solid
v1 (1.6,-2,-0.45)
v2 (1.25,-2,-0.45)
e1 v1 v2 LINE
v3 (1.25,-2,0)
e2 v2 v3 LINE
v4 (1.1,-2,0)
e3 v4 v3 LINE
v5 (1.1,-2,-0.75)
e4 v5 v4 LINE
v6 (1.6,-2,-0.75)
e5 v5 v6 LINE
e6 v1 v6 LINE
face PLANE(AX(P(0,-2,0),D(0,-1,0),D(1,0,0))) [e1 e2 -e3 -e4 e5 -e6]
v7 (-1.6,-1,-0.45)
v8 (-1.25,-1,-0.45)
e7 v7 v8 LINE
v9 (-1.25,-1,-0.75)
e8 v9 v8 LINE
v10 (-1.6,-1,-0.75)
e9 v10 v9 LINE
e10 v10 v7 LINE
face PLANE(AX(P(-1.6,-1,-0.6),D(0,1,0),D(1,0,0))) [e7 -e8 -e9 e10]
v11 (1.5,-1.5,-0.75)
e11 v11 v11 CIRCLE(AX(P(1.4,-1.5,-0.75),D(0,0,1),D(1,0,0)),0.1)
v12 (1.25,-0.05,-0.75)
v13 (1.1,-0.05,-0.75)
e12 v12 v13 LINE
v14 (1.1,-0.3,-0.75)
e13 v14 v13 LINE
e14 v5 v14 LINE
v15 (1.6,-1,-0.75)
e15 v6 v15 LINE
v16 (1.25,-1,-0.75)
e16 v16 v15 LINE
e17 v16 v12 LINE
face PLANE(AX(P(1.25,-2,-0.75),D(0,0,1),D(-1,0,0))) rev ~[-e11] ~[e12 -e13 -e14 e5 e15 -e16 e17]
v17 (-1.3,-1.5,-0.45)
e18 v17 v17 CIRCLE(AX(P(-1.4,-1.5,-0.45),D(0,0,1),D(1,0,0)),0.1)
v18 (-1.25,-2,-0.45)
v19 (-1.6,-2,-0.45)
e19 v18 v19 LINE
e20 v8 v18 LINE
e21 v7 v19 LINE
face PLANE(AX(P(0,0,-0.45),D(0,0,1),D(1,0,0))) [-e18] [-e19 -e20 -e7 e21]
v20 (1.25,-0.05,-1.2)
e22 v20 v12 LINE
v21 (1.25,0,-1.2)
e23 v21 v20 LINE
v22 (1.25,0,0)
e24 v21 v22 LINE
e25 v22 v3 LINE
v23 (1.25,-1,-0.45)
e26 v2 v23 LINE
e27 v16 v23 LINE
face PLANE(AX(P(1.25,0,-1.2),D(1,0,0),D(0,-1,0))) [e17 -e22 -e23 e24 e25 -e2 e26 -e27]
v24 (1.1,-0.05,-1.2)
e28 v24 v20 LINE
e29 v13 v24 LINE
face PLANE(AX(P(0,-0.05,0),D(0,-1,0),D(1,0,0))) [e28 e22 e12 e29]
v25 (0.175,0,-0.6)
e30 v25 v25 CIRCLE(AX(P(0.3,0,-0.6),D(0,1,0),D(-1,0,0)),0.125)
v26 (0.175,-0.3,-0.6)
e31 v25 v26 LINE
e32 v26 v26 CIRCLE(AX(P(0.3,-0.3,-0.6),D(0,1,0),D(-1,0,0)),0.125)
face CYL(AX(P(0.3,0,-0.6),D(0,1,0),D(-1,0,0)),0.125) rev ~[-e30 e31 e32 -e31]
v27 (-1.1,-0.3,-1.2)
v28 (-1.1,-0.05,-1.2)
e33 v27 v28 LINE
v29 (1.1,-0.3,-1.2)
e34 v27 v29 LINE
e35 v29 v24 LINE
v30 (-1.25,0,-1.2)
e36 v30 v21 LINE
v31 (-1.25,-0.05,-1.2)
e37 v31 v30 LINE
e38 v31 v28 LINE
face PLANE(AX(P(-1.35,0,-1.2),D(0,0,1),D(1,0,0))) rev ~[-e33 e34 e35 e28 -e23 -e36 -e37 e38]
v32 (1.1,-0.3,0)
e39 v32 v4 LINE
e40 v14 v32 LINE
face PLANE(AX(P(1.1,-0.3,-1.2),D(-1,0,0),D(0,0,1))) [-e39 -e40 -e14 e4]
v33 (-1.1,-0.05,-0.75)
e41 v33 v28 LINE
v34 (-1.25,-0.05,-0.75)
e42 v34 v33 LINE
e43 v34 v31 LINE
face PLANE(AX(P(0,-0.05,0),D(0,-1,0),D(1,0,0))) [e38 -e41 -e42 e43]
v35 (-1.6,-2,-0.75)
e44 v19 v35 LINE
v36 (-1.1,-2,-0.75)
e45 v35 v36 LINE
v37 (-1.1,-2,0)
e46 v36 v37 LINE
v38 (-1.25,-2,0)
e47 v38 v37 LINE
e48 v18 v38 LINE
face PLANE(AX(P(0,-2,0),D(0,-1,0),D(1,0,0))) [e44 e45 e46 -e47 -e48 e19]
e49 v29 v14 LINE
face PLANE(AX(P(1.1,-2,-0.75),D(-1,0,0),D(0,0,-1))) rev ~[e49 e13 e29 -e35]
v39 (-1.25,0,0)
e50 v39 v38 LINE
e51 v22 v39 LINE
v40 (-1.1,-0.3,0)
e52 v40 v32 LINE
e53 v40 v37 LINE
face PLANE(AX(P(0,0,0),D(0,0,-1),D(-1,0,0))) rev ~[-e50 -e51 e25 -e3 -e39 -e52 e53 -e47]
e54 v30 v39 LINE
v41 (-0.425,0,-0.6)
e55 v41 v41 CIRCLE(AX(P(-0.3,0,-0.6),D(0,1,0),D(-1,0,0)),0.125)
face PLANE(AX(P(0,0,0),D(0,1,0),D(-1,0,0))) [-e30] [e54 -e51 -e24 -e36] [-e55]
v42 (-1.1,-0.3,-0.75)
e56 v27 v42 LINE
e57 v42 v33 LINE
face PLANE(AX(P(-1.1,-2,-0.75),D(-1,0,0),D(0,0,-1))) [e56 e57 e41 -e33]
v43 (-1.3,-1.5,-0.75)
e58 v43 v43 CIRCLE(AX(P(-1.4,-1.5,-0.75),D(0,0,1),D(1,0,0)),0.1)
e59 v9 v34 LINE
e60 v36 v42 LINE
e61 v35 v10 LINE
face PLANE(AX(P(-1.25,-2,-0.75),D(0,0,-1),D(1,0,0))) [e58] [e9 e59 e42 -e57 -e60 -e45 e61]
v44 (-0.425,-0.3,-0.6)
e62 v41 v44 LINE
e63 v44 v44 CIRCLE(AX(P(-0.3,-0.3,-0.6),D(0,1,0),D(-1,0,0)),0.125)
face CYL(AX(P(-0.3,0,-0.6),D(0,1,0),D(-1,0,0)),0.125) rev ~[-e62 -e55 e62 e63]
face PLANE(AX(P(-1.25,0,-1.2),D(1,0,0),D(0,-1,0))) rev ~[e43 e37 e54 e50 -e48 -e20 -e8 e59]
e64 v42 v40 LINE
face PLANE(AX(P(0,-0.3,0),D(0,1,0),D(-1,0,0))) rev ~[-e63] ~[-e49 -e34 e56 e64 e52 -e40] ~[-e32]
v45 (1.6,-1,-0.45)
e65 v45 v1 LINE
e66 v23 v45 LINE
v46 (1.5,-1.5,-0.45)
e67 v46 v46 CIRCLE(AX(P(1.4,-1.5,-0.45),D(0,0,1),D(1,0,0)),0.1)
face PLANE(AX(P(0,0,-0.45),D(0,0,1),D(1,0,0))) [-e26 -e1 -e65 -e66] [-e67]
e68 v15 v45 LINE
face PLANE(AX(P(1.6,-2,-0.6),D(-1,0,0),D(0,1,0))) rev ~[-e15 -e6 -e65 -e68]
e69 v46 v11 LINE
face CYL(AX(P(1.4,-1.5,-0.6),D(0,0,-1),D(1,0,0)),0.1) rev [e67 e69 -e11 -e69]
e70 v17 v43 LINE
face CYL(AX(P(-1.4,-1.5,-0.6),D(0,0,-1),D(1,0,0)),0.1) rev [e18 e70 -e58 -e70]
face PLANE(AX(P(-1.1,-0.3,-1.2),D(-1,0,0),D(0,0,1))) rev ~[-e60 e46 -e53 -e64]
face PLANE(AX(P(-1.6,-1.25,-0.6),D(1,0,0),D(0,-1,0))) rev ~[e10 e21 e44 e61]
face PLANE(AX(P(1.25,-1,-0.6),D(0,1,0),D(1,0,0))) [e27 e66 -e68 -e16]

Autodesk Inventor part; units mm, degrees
ref_plane "YZ Plane" through (0, 0, 0) normal (1, 0, 0) x (0, 1, 0)
sketch "Boceto1" plane through (0, 0, 0) normal (0, 1, 0) x (-1, 0, 0)
  line L0 (0, 0) -> (1.35, 0)
  line L1 (1.35, 0) -> (1.35, -1.2)
  line L2 (1.35, -1.2) -> (-1.35, -1.2)
  line L3 (-1.35, -1.2) -> (-1.35, 0)
  line L4 (-1.35, 0) -> (0, 0)
  circle A0 centre (0.3, -0.6) radius 0.125
  circle A1 centre (-0.3, -0.6) radius 0.125
  dimension "d4" = 1.35
  dimension "d5" = 1.2
  dimension "d6" = 2.7
  dimension "d7" = 1.2
extrude "Extrusión1" add sketch "Boceto1" against normal blind 0.3
sketch "Boceto6" plane through (0, -0.3, 0) normal (0, -1, 0) x (1, 0, 0)
  line L0 (1.35, 0) -> (-1.35, 0) projected
  line L1 (-1.35, 0) -> (-1.35, -1.2) projected
  line L2 (-1.35, -1.2) -> (1.35, -1.2) projected
  line L3 (1.35, -1.2) -> (1.35, 0) projected
  line L4 (1.1, -1.2) -> (1.1, 0)
  line L5 (-1.1, -1.2) -> (-1.1, 0)
  line L6 (1.35, 0) -> (-1.35, 0) projected
  line L7 (1.25, 0) -> (1.1, 0)
  line L8 (1.1, 0) -> (1.1, -1.2)
  line L9 (1.1, -1.2) -> (1.25, -1.2)
  line L10 (1.25, -1.2) -> (1.25, 0)
  line L11 (-1.1, -1.2) -> (-1.25, -1.2)
  line L12 (-1.25, -1.2) -> (-1.25, 0)
  line L13 (-1.25, 0) -> (-1.1, 0)
  line L14 (-1.1, 0) -> (-1.1, -1.2)
  line L15 (-1.35, -1.2) -> (1.35, -1.2) projected
  line L16 (-1.25, -1.2) -> (-1.35, -1.2)
  line L17 (-1.35, -1.2) -> (-1.35, 0)
  line L18 (-1.35, 0) -> (-1.25, 0)
  line L19 (-1.25, 0) -> (-1.25, -1.2)
  line L20 (1.35, -1.2) -> (1.25, -1.2)
  line L21 (1.25, -1.2) -> (1.25, 0)
  line L22 (1.25, 0) -> (1.35, 0)
  line L23 (1.35, 0) -> (1.35, -1.2)
  point P0 (0, 0)
extrude "Extrusión5" add sketch "Boceto6" along normal blind 1.7 contours L3 L2 L10 L0 | L10 L2 L4 L0 | L5 L2 L12 L0 | L12 L2 L1 L0
ref_plane "Plano de trabajo3" through (1.35, 0, -2.8) normal (0, 0, -1) x (-1, 0, 0)
sketch "Boceto9" plane through (1.35, 0, -1.2) normal (0, 0, -1) x (-1, 0, 0)
  line L0 (0.1, -2.25) -> (0.1, -1.25) projected
  line L1 (2.6, -1.25) -> (2.6, -2.25) projected
  line L2 (2.7, 0) -> (2.7, -2) projected
  line L3 (0, 0) -> (0, -2) projected
  line L4 (0.1, -2.25) -> (0, -2.25)
  line L5 (0, -2.25) -> (0, 0)
  line L6 (0, 0) -> (0.1, 0)
  line L7 (0.1, 0) -> (0.1, -2.25)
  line L8 (2.6, -2.25) -> (2.7, -2.25)
  line L9 (2.7, -2.25) -> (2.7, 0)
  line L10 (2.7, 0) -> (2.6, 0)
  line L11 (2.6, 0) -> (2.6, -2.25)
  point P0 (1.35, 0)
extrude "Extrusión8" cut sketch "Boceto9" against normal blind 4
ref_plane "Plano de trabajo1" through (0, 0, -0.6) normal (0, 0, 1) x (1, 0, 0)
sketch "Boceto11" plane through (0, 0, -0.6) normal (0, 0, 1) x (1, 0, 0)
  circle A0 centre (1.4, -1.75) radius 0.1 projected
  line L0 (1.6, -1.25) -> (1.25, -1.25) projected
  line L1 (1.25, -2.25) -> (1.6, -2.25) projected
  line L2 (1.6, -2.25) -> (1.6, -1.25) projected
  line L3 (-1.1, -1.25) -> (-1.6, -1.25) projected
  line L4 (-1.6, -1.25) -> (-1.6, -2.25) projected
  line L5 (-1.6, -2.25) -> (-1.1, -2.25) projected
  circle A1 centre (-1.4, -1.75) radius 0.1 projected
  line L6 (-1.1, -2.25) -> (-1.1, -1.25) projected
  line L7 (1.25, -1.25) -> (1.25, -2.25) projected
  line L8 (1.1, -2) -> (1.25, -2) projected
  line L9 (1.25, -1.25) -> (1.6, -1.25)
  line L10 (-1.6, -1.25) -> (-1.1, -1.25)
  circle A2 centre (1.4, -1.75) radius 0.1
  line L11 (1.25, -1) -> (1.6, -1)
  line L12 (1.6, -1) -> (1.6, -2)
  line L13 (1.6, -2) -> (1.25, -2)
  line L14 (1.25, -2) -> (1.25, -1)
  line L15 (-1.6, -1) -> (-1.1, -1)
  line L16 (-1.1, -1) -> (-1.1, -2)
  line L17 (-1.1, -2) -> (-1.6, -2)
  line L18 (-1.6, -2) -> (-1.6, -1)
  circle A3 centre (-1.4, -1.5) radius 0.1
  circle A4 centre (1.4, -1.5) radius 0.1
  point P0 (0, 0)
extrude "Extrusión9" add sketch "Boceto11" along normal mid plane 0.3 contours A0 | L2 L13 L7 L0 | L0 L14 L11 L12 | L6 L17 L4 L3 | L3 L18 L15 L16 | A1
sketch "Boceto12" plane through (0, -2, 0) normal (0, -1, 0) x (1, 0, 0)
  line L0 (-1.25, -0.75) -> (-1.25, -1.2) projected
  line L1 (1.25, -1.2) -> (1.25, -0.75) projected
  line L2 (1.1, -1.2) -> (1.25, -1.2) projected
  line L3 (-1.25, -1.2) -> (-1.1, -1.2) projected
  line L4 (-1.25, -0.75) -> (-1.1, -0.75)
  line L5 (-1.1, -0.75) -> (-1.1, -1.2)
  line L6 (-1.1, -1.2) -> (-1.25, -1.2)
  line L7 (-1.25, -1.2) -> (-1.25, -0.75)
  line L8 (1.25, -0.75) -> (1.1, -0.75)
  line L9 (1.1, -0.75) -> (1.1, -1.2)
  line L10 (1.1, -1.2) -> (1.25, -1.2)
  line L11 (1.25, -1.2) -> (1.25, -0.75)
  point P0 (0, 0)
extrude "Extrusión10" cut sketch "Boceto12" against normal blind 1.95
properties part number "soporteCamaraA"
